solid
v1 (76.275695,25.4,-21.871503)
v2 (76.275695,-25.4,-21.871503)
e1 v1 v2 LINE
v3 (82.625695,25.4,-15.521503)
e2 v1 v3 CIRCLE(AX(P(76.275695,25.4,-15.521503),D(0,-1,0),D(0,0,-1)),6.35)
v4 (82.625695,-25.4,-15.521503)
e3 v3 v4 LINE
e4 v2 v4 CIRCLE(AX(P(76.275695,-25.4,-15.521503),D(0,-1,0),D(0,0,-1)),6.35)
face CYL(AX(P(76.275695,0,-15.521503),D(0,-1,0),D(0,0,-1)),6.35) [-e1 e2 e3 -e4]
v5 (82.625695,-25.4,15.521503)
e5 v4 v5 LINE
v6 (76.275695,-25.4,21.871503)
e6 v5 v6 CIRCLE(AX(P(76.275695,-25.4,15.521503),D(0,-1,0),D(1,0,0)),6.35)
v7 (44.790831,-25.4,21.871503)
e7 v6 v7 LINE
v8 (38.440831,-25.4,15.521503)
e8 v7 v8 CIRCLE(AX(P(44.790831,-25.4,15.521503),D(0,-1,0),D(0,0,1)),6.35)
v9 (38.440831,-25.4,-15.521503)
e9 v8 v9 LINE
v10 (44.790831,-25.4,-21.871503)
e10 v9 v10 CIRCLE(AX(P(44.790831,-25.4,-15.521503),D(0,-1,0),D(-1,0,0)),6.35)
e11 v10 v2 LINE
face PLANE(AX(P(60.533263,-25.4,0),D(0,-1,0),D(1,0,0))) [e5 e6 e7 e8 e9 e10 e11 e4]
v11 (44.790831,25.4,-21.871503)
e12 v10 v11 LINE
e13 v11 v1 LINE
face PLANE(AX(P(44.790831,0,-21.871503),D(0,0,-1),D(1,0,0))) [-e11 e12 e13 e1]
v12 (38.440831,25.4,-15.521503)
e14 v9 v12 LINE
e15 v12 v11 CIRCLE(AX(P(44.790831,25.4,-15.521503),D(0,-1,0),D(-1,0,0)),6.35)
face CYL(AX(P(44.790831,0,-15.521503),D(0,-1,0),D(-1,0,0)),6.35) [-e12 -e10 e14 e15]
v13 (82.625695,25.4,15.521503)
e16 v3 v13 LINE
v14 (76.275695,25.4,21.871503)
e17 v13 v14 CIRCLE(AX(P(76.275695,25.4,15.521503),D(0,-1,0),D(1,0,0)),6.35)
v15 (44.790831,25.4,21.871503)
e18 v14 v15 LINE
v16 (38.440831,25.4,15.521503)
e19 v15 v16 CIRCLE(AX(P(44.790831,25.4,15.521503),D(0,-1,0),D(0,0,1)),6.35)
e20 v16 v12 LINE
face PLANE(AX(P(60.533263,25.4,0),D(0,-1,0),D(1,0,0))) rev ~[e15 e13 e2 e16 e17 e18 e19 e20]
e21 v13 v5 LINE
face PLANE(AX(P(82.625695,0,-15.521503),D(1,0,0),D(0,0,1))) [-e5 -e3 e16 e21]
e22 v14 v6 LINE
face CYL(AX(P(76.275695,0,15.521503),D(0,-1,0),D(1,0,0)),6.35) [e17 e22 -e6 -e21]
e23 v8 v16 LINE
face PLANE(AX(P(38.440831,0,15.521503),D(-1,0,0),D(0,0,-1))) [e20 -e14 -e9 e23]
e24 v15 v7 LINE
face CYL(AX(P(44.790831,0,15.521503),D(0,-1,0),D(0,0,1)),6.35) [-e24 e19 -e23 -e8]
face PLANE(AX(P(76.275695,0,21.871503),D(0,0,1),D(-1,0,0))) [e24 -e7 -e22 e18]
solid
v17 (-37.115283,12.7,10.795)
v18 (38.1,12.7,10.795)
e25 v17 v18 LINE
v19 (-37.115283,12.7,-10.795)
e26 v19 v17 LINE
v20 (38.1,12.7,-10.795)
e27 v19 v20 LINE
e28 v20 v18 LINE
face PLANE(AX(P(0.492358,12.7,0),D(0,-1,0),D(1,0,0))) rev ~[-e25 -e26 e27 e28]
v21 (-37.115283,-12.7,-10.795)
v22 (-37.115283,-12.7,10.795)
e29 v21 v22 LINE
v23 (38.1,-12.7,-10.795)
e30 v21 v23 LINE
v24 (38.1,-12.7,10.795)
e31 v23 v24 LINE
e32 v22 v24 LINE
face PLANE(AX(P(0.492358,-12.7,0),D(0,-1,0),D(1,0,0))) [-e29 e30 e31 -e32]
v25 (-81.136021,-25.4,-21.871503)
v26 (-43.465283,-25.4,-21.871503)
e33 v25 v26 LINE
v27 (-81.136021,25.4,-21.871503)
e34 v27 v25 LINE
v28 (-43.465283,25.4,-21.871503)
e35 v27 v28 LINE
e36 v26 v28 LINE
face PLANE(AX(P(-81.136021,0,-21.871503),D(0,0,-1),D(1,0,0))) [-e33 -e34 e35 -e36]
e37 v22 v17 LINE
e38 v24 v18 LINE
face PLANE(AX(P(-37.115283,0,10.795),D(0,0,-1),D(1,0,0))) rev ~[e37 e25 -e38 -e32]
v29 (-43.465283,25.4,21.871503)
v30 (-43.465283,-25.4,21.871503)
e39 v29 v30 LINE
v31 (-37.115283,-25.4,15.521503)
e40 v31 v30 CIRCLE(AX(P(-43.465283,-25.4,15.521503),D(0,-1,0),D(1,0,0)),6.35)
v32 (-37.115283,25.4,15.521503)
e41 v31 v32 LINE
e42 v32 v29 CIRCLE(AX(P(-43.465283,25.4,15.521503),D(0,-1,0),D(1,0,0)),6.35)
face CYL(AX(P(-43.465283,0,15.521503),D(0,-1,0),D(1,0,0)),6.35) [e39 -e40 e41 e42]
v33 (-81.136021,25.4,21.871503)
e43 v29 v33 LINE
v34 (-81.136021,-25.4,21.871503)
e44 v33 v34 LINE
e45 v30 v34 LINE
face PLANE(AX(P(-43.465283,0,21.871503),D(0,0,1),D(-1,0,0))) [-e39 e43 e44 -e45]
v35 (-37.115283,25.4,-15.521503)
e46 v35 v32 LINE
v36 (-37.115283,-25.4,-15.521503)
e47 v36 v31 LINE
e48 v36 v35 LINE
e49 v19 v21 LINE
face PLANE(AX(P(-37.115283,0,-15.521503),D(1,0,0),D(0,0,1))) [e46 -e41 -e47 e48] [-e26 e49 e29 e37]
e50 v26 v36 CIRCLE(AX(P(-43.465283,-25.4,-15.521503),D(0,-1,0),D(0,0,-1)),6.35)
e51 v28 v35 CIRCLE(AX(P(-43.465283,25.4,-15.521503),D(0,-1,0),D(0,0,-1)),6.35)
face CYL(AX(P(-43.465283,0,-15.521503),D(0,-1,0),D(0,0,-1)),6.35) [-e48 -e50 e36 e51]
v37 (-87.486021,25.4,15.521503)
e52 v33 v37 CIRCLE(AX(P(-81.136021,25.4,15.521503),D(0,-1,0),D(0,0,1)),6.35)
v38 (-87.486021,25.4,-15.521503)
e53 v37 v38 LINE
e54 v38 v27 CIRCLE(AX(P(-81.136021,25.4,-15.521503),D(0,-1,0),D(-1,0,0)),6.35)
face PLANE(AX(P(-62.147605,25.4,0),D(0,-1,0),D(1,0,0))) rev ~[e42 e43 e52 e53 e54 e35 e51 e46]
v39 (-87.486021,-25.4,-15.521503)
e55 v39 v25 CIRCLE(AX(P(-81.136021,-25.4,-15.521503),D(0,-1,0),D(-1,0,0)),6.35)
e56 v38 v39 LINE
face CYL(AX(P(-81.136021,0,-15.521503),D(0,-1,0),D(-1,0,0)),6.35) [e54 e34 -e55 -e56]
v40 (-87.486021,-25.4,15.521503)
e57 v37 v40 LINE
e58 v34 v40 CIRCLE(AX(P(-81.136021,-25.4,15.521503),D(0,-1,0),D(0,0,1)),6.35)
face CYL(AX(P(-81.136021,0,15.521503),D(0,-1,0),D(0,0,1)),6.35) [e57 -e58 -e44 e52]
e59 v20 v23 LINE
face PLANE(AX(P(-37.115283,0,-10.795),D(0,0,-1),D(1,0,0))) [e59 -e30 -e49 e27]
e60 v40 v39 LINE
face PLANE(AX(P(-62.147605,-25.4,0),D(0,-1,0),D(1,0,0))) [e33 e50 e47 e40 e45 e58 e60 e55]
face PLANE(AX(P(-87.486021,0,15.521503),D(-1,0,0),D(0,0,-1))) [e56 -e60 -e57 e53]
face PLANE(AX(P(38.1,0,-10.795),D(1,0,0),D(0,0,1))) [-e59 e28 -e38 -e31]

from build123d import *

# Parameters (mm, degrees)
F1_DEPTH = 25.4
F0_W     = 0.9847166896
F0_H     = 21.59
F0_W_2   = 75.2152833104
F2_DEPTH = 12.7


with BuildPart() as f1:
    # F0 (on Front) → F1 (new body, symmetric)
    with BuildSketch(Plane.XZ):
        with BuildLine():
            Line((44.7908310056, -21.8715034425), (76.2756945729, -21.8715034425))
            ThreePointArc((76.2756945729, -21.8715034425), (80.7658226335, -20.0116315031), (82.6256945729, -15.5215034425))
            Line((82.6256945729, -15.5215034425), (82.6256945729, 15.5215034425))
            ThreePointArc((82.6256945729, 15.5215034425), (80.7658226335, 20.0116315031), (76.2756945729, 21.8715034425))
            Line((76.2756945729, 21.8715034425), (44.7908310056, 21.8715034425))
            ThreePointArc((44.7908310056, 21.8715034425), (40.300702945, 20.0116315031), (38.4408310056, 15.5215034425))
            Line((38.4408310056, 15.5215034425), (38.4408310056, -15.5215034425))
            ThreePointArc((38.4408310056, -15.5215034425), (40.300702945, -20.0116315031), (44.7908310056, -21.8715034425))
        make_face()
    extrude(amount=F1_DEPTH, both=True)


with BuildPart() as f1b:
    # F0 (on Front) → F1, piece 2 (new body, symmetric)
    with BuildSketch(Plane.XZ):
        with BuildLine():
            Line((-38.1, -10.795), (-38.1, 10.795))
            Line((-38.1, 10.795), (-37.1152833104, 10.795))
            Line((-37.1152833104, 10.795), (-37.1152833104, 15.5215034425))
            ThreePointArc((-37.1152833104, 15.5215034425), (-38.9751552499, 20.0116315031), (-43.4652833104, 21.8715034425))
            Line((-43.4652833104, 21.8715034425), (-81.1360212207, 21.8715034425))
            ThreePointArc((-81.1360212207, 21.8715034425), (-85.6261492812, 20.0116315031), (-87.4860212207, 15.5215034425))
            Line((-87.4860212207, 15.5215034425), (-87.4860212207, -15.5215034425))
            ThreePointArc((-87.4860212207, -15.5215034425), (-85.6261492812, -20.0116315031), (-81.1360212207, -21.8715034425))
            Line((-81.1360212207, -21.8715034425), (-43.4652833104, -21.8715034425))
            ThreePointArc((-43.4652833104, -21.8715034425), (-38.9751552499, -20.0116315031), (-37.1152833104, -15.5215034425))
            Line((-37.1152833104, -15.5215034425), (-37.1152833104, -10.795))
            Line((-37.1152833104, -10.795), (-38.1, -10.795))
        make_face()
        with Locations((-37.6076416552, 0)):
            Rectangle(F0_W, F0_H)
    extrude(amount=F1_DEPTH, both=True)

    # F0 (on Front) → F2 (join, symmetric)
    with BuildSketch(Plane.XZ):
        with Locations((0.4923583448, 0)):
            Rectangle(F0_W_2, F0_H)
    extrude(amount=F2_DEPTH, both=True)


solid = Compound([f1.part, f1b.part])
